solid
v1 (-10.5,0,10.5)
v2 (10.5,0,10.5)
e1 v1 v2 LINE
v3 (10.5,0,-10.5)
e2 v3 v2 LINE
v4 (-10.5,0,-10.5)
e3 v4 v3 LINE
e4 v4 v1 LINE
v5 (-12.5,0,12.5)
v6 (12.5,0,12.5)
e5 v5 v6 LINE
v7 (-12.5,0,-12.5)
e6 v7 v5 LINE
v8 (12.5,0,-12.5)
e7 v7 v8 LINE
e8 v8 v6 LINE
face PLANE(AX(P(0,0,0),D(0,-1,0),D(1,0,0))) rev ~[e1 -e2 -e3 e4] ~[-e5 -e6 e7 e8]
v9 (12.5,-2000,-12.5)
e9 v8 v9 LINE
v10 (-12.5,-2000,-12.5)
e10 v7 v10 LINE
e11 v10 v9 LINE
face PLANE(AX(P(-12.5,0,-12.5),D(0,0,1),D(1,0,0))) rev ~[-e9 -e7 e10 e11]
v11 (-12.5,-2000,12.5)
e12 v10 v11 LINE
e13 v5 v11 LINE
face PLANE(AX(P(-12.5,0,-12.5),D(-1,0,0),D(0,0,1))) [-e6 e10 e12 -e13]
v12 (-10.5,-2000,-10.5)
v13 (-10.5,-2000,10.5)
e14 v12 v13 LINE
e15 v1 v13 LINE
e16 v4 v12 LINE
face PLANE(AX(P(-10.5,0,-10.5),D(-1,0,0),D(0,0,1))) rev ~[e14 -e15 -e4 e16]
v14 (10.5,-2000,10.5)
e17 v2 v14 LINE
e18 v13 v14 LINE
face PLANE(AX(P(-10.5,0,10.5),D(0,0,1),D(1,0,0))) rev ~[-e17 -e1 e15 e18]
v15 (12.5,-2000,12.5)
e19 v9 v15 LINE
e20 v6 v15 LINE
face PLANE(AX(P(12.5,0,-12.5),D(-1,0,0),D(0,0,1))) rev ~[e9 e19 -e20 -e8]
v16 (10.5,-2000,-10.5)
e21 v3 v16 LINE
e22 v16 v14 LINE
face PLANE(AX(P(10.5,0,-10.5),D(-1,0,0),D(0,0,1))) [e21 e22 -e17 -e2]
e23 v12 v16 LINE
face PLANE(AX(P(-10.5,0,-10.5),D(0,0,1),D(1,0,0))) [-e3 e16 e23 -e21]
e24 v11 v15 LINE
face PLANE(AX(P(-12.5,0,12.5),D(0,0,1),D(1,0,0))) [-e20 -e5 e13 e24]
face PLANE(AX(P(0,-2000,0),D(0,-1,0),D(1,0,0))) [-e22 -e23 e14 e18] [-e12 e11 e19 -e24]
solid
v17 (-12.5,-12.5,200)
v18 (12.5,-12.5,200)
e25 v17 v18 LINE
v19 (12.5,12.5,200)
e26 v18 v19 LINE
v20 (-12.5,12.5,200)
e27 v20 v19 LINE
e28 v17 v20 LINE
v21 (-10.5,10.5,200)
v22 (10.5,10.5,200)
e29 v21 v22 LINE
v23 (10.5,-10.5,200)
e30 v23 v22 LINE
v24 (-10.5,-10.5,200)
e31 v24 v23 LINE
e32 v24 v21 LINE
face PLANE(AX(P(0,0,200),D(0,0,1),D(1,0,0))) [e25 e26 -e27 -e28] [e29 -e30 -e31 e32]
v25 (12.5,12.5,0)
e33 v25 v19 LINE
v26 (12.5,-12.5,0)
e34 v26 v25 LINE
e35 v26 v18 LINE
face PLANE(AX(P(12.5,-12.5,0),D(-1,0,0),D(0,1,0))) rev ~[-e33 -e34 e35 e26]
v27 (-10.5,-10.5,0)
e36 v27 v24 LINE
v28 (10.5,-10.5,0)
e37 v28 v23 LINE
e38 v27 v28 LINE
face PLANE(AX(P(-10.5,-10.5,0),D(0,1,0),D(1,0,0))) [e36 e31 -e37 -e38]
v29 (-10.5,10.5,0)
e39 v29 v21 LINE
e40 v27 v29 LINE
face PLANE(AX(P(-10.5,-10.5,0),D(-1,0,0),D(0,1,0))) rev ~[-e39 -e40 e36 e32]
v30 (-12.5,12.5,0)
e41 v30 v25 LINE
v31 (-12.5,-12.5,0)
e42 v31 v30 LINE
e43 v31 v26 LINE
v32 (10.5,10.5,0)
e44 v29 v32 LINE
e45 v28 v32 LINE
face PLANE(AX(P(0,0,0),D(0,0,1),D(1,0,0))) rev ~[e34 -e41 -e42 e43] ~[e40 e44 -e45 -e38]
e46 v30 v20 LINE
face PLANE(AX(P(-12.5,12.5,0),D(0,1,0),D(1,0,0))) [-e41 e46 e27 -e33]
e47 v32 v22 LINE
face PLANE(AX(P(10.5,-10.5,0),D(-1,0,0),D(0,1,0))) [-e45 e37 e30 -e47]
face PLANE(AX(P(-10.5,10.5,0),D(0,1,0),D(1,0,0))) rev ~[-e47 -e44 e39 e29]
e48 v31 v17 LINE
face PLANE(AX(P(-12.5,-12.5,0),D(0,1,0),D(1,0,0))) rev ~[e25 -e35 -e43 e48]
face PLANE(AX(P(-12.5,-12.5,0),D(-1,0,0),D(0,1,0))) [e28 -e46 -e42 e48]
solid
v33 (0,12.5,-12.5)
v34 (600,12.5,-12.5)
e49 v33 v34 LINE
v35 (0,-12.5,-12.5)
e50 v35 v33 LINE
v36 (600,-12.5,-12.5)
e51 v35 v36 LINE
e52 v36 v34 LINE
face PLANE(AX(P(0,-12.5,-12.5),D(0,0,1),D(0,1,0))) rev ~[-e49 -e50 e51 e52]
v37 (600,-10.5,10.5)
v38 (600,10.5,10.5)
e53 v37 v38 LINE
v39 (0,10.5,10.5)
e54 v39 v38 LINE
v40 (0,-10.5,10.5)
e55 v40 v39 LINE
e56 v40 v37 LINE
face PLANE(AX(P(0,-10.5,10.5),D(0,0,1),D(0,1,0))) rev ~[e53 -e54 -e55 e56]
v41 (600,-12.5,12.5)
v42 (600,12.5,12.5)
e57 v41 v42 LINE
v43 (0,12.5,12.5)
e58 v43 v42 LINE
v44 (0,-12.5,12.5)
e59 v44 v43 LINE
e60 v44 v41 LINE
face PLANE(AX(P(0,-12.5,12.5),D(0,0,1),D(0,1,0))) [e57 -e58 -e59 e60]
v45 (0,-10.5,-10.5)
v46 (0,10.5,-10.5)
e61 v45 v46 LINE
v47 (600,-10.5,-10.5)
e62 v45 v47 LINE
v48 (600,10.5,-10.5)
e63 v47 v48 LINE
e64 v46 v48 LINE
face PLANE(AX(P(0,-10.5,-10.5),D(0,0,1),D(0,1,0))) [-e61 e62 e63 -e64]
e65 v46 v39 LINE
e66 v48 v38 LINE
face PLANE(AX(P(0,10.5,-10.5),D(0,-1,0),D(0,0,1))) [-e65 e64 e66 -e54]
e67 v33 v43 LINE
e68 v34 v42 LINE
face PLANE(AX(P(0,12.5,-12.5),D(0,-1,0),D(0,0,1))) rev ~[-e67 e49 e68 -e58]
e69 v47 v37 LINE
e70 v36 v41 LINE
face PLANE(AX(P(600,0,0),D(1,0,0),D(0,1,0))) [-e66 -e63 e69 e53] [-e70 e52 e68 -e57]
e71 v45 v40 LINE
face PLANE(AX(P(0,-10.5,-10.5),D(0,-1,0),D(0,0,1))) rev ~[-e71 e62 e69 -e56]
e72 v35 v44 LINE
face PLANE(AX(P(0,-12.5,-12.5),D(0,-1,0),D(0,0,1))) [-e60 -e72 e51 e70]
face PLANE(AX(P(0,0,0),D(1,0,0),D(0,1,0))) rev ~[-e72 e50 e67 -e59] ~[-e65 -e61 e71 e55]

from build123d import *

# Parameters (mm, degrees)
F0_W     = 25
F0_H     = 25
F0_W_2   = 21
F0_H_2   = 21
F1_DEPTH = 2000
F2_W     = 25
F2_H     = 25
F2_W_2   = 21
F2_H_2   = 21
F3_DEPTH = 600
F4_W     = 25
F4_H     = 25
F4_W_2   = 21
F4_H_2   = 21
F5_DEPTH = 200


with BuildPart() as f1:
    # F0 (on Front) → F1 (new body)
    with BuildSketch(Plane.XZ):
        Rectangle(F0_W, F0_H)
        Rectangle(F0_W_2, F0_H_2, mode=Mode.SUBTRACT)
    extrude(amount=F1_DEPTH)


with BuildPart() as f3:
    # F2 (on Right) → F3 (new body)
    with BuildSketch(Plane.YZ):
        Rectangle(F2_W, F2_H)
        Rectangle(F2_W_2, F2_H_2, mode=Mode.SUBTRACT)
    extrude(amount=F3_DEPTH)


with BuildPart() as f5:
    # F4 (on Top) → F5 (new body)
    with BuildSketch(Plane.XY):
        Rectangle(F4_W, F4_H)
        Rectangle(F4_W_2, F4_H_2, mode=Mode.SUBTRACT)
    extrude(amount=F5_DEPTH)


solid = Compound([f1.part, f3.part, f5.part])
